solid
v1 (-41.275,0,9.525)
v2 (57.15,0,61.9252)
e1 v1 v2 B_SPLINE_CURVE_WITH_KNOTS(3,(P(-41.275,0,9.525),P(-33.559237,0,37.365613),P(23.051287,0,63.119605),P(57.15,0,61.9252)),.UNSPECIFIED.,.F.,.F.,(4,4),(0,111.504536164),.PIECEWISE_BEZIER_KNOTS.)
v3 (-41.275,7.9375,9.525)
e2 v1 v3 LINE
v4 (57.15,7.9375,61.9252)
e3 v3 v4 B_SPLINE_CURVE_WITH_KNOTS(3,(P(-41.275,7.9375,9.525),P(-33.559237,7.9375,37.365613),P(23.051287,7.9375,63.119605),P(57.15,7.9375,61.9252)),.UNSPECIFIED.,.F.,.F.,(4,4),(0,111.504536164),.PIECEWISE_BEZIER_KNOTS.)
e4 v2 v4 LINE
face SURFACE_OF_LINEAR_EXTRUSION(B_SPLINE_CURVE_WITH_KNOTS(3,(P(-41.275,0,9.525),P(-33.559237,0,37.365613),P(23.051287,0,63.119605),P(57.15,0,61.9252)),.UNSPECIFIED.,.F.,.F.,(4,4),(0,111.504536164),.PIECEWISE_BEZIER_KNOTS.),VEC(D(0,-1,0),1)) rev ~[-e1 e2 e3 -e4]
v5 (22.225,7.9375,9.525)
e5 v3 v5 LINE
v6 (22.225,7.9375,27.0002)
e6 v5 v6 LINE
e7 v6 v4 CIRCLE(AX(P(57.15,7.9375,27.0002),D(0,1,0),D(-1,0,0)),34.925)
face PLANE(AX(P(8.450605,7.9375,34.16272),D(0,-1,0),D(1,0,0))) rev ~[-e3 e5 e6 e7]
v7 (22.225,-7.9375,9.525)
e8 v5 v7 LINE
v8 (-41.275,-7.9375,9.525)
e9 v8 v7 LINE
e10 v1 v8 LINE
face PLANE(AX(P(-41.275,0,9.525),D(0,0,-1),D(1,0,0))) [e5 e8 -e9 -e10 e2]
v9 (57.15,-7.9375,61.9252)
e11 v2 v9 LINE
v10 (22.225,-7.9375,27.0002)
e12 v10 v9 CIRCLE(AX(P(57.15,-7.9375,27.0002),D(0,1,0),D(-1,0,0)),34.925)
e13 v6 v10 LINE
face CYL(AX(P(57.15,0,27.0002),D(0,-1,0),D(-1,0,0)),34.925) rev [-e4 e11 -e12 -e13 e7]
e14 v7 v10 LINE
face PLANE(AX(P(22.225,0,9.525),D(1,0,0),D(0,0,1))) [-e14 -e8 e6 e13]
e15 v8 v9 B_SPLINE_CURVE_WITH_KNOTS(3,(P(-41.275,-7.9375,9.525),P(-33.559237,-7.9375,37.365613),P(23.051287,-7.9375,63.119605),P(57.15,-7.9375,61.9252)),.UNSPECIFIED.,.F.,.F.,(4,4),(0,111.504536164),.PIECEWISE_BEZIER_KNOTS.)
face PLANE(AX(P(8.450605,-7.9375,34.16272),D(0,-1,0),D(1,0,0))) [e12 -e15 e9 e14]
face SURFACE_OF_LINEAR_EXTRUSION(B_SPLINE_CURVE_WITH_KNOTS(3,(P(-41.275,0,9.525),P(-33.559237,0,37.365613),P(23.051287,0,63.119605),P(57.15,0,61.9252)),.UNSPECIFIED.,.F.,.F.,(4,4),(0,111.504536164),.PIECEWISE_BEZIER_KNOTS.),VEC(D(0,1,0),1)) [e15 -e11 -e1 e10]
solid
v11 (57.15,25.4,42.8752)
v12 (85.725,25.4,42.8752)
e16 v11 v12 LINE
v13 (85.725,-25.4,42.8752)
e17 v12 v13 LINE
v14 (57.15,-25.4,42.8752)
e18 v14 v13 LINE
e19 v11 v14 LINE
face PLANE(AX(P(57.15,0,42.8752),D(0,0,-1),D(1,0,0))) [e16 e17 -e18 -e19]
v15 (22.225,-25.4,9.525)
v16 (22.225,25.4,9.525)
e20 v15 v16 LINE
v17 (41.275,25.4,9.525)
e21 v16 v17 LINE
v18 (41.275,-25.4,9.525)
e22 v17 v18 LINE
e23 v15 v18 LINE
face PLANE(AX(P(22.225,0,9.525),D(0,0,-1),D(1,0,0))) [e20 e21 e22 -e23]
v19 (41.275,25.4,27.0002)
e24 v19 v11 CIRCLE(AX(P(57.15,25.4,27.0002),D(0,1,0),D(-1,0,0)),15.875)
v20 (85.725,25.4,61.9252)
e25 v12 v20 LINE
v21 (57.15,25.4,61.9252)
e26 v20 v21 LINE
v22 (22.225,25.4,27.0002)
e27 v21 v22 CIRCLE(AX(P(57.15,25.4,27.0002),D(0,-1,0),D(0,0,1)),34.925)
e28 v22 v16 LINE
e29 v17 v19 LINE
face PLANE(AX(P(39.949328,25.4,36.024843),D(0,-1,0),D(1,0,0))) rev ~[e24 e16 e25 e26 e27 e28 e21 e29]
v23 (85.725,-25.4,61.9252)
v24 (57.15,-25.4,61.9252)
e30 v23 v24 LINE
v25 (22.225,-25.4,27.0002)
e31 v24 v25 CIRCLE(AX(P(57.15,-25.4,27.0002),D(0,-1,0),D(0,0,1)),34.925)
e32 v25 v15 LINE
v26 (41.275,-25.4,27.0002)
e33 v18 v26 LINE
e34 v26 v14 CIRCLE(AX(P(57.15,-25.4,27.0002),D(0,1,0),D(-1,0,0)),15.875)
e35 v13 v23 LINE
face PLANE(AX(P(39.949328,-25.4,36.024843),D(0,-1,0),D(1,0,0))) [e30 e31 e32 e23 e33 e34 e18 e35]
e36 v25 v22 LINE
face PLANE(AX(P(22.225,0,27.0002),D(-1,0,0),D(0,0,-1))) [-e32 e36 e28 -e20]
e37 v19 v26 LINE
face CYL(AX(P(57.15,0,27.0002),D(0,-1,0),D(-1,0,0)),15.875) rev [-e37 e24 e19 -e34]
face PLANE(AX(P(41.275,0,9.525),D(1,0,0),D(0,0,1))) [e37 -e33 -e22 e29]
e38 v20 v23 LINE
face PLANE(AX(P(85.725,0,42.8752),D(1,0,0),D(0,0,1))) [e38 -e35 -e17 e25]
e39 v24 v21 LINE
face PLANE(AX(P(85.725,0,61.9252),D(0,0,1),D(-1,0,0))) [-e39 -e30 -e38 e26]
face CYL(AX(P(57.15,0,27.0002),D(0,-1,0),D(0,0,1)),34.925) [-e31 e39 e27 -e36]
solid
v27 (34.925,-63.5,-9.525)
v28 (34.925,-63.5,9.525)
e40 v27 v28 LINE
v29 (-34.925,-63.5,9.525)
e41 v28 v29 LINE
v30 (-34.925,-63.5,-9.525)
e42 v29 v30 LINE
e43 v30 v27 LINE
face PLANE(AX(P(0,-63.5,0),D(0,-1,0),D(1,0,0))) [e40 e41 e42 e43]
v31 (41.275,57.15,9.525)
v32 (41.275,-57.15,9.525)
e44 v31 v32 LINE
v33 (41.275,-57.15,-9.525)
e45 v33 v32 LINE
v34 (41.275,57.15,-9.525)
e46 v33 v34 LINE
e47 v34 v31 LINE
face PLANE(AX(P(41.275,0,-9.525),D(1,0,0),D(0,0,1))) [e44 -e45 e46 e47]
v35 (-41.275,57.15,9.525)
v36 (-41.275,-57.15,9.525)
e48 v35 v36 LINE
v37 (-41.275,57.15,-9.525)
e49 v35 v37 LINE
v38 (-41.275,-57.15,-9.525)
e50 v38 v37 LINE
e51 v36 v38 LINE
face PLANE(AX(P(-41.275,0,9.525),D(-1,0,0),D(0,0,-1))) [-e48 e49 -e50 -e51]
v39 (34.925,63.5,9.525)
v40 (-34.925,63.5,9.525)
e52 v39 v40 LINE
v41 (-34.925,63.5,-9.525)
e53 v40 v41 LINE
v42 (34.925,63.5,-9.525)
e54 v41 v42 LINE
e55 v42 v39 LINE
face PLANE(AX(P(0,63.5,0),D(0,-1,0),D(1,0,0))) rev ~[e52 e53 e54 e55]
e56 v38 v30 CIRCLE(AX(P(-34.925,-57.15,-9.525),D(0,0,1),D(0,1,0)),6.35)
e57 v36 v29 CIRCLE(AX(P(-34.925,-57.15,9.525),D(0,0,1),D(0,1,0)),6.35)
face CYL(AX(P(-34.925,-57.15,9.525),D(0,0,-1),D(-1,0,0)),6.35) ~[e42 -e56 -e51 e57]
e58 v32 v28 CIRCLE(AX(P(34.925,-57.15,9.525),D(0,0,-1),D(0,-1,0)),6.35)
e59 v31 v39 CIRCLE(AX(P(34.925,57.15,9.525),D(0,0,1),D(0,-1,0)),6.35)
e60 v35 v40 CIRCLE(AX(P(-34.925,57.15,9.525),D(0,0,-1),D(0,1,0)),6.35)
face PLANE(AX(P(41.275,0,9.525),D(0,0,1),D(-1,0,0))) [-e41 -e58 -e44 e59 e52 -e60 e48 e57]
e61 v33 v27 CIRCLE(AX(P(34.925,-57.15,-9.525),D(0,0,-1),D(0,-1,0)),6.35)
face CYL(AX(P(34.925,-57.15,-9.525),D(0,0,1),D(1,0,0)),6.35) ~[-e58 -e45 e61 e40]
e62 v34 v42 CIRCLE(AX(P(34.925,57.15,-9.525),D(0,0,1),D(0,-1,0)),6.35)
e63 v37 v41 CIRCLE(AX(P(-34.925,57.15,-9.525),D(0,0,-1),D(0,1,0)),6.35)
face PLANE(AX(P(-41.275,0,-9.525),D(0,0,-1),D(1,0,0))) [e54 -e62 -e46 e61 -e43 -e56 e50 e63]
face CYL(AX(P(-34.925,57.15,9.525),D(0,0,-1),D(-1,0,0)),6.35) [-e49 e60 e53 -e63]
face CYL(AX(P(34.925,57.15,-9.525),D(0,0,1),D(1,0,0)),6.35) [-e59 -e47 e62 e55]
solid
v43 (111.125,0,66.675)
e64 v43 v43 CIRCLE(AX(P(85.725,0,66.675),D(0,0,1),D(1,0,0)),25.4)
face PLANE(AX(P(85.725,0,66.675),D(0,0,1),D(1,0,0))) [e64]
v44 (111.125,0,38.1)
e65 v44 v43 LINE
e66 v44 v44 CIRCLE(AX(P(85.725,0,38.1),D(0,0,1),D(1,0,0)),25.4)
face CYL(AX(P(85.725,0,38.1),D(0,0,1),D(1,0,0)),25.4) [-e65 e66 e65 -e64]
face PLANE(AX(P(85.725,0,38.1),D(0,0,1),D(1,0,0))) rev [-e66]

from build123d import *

# Parameters (mm, degrees)
F1_DEPTH = 63.5
F0_W     = 25.4
F0_H     = 19.05
F2_DEPTH = 25.4
F3_DEPTH = 7.9375
F5_R     = 6.35


with BuildPart() as f1:
    # F0 (on Front) → F1 (new body, symmetric)
    with BuildSketch(Plane.XZ):
        Polygon((41.275, -9.525), (41.275, 9.525), (22.225, 9.525), (-41.275, 9.525), (-41.275, -9.525), align=None)
    extrude(amount=F1_DEPTH, both=True)

    # F5
    f5_edges = [f1.edges().sort_by_distance(p)[0] for p in [
        (-41.275, -63.5, 0),
        (41.275, -63.5, 0),
        (-41.275, 63.5, 0),
        (41.275, 63.5, 0),
    ]]
    fillet(f5_edges, radius=F5_R)


with BuildPart() as f2:
    # F0 (on Front) → F2 (new body, symmetric)
    with BuildSketch(Plane.XZ):
        with BuildLine():
            Line((22.225, 9.525), (41.275, 9.525))
            Line((41.275, 9.525), (41.275, 27.0002))
            ThreePointArc((41.275, 27.0002), (45.9246798487, 38.2255201513), (57.15, 42.8752))
            Line((57.15, 42.8752), (60.325, 42.8752))
            Line((60.325, 42.8752), (60.325, 61.9252))
            Line((60.325, 61.9252), (57.15, 61.9252))
            ThreePointArc((57.15, 61.9252), (32.4542956671, 51.6959043329), (22.225, 27.0002))
            Line((22.225, 27.0002), (22.225, 9.525))
        make_face()
        with Locations((73.025, 52.4002)):
            Rectangle(F0_W, F0_H)
    extrude(amount=F2_DEPTH, both=True)


with BuildPart() as f3:
    # F0 (on Front) → F3 (new body, symmetric)
    with BuildSketch(Plane.XZ):
        with BuildLine():
            Line((-41.275, 9.525), (22.225, 9.525))
            Line((22.225, 9.525), (22.225, 27.0002))
            ThreePointArc((22.225, 27.0002), (32.4542956671, 51.6959043329), (57.15, 61.9252))
            add(Edge.make_bspline(
                [(-41.275, 9.525), (-33.5592367287, 37.3656127197), (23.0512869774, 63.119604878), (57.15, 61.9252)],
                knots=[0, 0, 0, 0, 111.5045361635, 111.5045361635, 111.5045361635, 111.5045361635], degree=3))
        make_face()
    extrude(amount=F3_DEPTH, both=True)


with BuildPart() as f4:
    # F0 (on Front) → F4 (revolve)
    with BuildSketch(Plane.XZ):
        Polygon((85.725, 61.9252), (85.725, 42.8752), (85.725, 38.1), (111.125, 38.1), (111.125, 66.675), (85.725, 66.675), align=None)
    revolve(axis=Axis((85.725, 0, 52.3875), (0, 0, 1)))


solid = Compound([f1.part, f2.part, f3.part, f4.part])
